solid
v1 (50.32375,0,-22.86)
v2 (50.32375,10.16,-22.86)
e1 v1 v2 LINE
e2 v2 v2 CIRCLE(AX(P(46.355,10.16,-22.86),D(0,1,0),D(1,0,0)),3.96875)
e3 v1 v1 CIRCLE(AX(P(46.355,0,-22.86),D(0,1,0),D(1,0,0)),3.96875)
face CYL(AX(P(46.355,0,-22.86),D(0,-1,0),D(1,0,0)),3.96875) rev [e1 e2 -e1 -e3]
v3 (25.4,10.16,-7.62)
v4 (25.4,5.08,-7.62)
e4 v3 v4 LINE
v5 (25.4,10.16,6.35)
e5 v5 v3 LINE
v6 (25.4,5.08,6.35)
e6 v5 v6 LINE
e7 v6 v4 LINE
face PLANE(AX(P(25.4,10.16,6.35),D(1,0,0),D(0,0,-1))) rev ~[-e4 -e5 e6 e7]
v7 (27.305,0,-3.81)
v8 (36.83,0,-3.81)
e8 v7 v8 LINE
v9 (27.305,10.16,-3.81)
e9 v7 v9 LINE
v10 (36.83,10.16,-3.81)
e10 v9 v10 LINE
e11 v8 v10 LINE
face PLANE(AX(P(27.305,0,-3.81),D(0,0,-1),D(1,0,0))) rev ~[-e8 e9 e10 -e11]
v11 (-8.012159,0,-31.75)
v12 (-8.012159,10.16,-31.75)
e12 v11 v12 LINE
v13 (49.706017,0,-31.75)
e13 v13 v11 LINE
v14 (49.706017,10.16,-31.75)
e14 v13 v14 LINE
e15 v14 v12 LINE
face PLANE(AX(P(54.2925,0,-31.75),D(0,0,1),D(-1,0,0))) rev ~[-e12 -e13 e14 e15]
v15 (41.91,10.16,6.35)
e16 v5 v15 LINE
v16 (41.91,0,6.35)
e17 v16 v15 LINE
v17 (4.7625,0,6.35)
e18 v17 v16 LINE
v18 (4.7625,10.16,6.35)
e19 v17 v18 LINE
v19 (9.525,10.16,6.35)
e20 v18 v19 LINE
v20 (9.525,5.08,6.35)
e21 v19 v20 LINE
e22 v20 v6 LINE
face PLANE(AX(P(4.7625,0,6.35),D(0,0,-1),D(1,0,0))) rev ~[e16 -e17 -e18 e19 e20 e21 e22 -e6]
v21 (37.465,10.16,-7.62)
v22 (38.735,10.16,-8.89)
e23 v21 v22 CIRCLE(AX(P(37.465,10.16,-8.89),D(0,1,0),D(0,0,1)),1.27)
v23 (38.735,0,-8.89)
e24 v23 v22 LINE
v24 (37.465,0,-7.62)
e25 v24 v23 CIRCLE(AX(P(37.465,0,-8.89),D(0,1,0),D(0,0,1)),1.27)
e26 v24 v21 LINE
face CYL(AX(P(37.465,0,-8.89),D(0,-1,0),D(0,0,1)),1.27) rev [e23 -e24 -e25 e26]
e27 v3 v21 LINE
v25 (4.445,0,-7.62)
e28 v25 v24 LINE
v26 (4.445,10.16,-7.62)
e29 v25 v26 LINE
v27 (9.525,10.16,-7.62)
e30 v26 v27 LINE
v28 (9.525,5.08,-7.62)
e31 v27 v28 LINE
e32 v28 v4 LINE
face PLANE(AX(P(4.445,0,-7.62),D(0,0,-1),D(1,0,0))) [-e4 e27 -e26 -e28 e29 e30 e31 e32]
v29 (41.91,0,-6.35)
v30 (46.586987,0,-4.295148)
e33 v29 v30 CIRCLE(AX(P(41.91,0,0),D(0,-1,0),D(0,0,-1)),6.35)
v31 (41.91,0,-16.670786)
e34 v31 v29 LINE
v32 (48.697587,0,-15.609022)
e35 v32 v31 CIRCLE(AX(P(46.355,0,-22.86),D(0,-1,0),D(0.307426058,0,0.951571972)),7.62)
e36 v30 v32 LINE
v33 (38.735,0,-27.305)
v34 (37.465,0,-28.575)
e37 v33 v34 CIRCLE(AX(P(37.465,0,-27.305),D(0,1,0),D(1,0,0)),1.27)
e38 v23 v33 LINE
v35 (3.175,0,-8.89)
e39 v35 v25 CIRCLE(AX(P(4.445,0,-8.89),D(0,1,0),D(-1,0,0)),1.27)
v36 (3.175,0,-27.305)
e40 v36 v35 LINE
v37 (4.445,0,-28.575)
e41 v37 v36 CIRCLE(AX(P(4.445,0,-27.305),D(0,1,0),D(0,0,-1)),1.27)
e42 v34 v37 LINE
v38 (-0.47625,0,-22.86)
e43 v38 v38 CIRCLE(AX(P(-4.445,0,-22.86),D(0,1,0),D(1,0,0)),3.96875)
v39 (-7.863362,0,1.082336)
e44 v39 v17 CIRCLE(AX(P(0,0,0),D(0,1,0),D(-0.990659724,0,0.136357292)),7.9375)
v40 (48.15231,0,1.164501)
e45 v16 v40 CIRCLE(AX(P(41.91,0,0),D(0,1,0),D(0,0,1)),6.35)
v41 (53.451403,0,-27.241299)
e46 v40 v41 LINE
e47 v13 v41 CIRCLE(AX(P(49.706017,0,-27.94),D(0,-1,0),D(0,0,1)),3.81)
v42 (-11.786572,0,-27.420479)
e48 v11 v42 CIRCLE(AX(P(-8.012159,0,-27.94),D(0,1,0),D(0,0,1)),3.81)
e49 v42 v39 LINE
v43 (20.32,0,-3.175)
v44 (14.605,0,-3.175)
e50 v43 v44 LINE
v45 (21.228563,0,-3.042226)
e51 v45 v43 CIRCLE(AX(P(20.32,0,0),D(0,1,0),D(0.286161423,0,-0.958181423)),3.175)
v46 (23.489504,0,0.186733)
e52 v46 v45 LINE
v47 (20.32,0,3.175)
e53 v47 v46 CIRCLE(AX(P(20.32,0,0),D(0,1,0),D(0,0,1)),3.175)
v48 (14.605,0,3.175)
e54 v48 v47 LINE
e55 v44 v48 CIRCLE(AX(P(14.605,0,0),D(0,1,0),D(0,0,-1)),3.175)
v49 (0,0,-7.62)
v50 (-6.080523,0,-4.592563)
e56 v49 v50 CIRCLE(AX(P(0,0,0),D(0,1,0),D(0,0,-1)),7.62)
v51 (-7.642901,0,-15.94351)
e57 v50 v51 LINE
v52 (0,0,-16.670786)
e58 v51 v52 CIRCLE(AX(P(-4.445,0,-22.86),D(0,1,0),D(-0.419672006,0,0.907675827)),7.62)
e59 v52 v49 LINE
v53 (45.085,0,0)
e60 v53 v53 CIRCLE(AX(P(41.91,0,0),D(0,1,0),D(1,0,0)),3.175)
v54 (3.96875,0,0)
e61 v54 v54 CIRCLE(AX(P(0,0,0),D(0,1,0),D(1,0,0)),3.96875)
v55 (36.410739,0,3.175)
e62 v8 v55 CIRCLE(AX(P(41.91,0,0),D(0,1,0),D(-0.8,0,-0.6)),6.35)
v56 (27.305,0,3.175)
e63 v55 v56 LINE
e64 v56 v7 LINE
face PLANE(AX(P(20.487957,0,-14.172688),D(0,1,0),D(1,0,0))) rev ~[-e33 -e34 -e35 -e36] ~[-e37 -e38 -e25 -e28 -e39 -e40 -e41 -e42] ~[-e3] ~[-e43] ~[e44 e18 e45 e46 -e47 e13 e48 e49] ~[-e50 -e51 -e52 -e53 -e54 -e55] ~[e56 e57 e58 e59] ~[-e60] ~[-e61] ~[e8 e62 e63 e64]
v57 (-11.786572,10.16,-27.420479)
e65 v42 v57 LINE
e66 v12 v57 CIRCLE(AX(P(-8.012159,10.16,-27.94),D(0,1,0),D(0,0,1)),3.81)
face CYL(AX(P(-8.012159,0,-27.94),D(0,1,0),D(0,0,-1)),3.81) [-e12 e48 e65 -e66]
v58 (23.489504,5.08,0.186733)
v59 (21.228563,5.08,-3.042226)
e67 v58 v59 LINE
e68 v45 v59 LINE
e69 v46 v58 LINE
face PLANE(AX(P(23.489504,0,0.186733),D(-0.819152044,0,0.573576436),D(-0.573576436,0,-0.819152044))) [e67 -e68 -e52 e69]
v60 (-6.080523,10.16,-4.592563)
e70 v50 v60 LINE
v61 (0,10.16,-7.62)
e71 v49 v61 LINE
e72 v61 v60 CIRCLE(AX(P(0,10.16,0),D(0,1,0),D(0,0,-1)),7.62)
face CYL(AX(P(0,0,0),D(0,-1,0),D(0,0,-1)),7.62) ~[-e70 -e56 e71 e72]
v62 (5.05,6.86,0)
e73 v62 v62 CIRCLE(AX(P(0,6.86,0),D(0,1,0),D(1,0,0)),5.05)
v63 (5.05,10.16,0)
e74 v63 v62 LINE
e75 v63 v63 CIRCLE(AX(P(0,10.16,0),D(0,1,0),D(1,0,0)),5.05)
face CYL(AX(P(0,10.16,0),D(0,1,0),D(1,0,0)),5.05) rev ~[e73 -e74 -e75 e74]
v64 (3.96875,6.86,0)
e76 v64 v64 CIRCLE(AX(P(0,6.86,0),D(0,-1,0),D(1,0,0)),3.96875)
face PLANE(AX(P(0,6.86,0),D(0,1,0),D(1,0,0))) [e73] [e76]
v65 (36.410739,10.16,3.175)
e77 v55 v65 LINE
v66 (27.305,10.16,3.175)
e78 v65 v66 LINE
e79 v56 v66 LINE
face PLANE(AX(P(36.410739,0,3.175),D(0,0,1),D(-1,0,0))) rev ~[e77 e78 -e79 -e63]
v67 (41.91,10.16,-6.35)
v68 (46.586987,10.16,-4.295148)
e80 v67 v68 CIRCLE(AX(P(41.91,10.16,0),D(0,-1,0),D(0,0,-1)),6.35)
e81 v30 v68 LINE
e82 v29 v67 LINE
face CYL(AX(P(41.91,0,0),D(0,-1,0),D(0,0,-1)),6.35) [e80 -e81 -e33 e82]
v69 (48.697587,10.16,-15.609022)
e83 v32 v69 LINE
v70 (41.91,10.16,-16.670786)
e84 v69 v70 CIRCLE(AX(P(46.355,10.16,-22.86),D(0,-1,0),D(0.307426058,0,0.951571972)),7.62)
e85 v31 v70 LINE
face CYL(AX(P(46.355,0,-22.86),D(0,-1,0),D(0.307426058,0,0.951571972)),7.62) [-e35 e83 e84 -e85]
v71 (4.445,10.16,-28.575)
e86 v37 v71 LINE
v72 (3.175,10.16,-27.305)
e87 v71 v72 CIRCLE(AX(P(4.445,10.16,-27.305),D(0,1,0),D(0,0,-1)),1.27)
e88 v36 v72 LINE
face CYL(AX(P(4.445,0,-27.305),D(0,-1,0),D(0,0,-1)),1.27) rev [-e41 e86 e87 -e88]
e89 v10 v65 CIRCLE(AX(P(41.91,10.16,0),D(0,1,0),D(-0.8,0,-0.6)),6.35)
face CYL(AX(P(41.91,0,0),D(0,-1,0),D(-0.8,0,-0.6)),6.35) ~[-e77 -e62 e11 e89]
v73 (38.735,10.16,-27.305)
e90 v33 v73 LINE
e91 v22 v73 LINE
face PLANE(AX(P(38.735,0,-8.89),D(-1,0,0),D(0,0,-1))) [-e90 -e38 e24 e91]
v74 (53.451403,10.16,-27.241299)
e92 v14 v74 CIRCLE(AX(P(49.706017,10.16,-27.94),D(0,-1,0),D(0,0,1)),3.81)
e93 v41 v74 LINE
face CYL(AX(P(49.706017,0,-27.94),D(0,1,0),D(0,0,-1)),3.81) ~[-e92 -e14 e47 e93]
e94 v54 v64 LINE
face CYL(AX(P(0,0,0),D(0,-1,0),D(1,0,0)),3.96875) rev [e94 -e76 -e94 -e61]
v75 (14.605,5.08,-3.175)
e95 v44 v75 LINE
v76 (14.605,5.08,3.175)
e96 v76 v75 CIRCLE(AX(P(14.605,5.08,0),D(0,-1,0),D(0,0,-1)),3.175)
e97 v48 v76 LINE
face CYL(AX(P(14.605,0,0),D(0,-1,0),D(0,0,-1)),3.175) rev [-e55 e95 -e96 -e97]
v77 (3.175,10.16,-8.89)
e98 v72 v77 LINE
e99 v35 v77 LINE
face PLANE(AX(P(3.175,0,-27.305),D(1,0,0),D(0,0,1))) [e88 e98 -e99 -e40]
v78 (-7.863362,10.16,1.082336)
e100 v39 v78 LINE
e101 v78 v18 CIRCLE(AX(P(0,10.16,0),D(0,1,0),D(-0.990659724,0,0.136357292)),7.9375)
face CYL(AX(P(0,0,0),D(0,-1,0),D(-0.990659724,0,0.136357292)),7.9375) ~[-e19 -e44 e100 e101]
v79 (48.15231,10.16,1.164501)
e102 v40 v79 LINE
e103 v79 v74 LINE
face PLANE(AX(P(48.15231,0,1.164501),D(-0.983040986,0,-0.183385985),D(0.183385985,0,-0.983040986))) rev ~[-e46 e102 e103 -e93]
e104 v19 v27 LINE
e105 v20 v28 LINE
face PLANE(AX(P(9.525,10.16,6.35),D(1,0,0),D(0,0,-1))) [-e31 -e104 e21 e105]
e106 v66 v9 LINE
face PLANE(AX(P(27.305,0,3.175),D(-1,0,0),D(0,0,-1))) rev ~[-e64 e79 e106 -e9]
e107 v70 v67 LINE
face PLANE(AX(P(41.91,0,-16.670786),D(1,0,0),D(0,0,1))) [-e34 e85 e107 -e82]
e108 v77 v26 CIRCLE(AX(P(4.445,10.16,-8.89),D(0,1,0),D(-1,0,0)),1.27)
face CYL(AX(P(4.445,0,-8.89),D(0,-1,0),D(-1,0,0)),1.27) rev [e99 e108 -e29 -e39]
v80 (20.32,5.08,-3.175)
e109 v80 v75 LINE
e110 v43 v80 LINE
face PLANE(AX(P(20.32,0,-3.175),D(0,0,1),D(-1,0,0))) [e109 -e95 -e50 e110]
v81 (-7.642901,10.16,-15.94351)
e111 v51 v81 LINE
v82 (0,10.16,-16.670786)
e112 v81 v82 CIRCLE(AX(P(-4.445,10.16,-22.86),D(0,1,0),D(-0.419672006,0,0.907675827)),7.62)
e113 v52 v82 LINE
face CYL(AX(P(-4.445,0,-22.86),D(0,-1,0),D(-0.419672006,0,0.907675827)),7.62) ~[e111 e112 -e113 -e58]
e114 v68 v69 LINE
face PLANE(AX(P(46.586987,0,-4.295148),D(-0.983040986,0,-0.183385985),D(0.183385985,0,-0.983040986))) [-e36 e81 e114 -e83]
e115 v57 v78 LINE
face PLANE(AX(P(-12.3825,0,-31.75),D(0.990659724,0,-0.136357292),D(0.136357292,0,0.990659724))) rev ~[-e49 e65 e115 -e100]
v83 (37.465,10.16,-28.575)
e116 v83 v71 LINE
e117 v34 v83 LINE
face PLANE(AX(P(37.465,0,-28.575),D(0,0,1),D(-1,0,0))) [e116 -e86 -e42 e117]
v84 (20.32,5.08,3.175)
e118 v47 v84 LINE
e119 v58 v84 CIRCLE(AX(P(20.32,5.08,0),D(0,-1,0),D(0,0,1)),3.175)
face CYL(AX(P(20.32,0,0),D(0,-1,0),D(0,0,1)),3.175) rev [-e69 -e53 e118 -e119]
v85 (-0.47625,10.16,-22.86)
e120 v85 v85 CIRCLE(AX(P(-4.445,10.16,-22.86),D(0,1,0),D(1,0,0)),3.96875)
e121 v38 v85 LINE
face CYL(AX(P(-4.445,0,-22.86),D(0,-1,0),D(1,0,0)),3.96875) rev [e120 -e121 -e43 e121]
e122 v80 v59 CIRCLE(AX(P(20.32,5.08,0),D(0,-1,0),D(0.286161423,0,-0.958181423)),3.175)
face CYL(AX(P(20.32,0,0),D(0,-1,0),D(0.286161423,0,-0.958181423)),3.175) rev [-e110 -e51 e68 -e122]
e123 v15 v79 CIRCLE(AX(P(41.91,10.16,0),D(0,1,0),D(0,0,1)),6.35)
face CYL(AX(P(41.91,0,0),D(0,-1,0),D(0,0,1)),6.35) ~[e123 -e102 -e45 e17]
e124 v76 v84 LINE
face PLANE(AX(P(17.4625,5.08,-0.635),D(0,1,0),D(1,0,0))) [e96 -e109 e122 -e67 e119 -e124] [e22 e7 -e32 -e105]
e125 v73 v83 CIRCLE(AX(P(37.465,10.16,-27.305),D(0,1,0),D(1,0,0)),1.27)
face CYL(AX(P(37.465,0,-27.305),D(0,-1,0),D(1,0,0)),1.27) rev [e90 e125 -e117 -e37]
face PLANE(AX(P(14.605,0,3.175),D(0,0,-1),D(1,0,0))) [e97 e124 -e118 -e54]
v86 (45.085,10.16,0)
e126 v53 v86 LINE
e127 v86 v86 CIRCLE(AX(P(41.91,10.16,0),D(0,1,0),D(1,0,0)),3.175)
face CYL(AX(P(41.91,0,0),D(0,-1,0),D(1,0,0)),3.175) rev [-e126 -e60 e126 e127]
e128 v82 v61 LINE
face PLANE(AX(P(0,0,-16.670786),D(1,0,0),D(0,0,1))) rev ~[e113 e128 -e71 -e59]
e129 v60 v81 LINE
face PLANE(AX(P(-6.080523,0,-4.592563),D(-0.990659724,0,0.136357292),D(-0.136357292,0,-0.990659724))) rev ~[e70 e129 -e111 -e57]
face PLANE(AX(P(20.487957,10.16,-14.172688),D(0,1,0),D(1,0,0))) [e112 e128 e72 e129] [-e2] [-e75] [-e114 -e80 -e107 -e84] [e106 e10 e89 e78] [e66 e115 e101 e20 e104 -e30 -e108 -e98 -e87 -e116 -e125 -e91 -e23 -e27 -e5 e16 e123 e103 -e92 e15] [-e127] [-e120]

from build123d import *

# Parameters (mm, degrees)
SKETCH3_R           = 3.96875
SKETCH3_R_2         = 3.175
BOSS_EXTRUDE4_DEPTH = 10.16
SKETCH5_W           = 15.875
SKETCH5_H           = 13.97
CUT_EXTRUDE3_DEPTH  = 5.08
FILLET1_R           = 3.81
SKETCH6_R           = 5.05
CUT_EXTRUDE4_DEPTH  = 3.3


with BuildPart() as part:
    # Sketch3 → Boss-Extrude4 (new body)
    with BuildSketch(Plane(origin=(0, 0, 0), x_dir=(1, 0, 0), z_dir=(0, 1, 0))):
        with BuildLine():
            Line((54.2925, 31.75), (-12.3825, 31.75))
            Line((-12.3825, 31.75), (-7.863361559, -1.082336008))
            ThreePointArc((-7.863361559, -1.082336008), (-3.056289676, -7.325503373), (4.7625, -6.35))
            Line((4.7625, -6.35), (41.91, -6.35))
            ThreePointArc((41.91, -6.35), (45.967580476, -4.884520517), (48.152310263, -1.164501002))
            Line((48.152310263, -1.164501002), (54.2925, 31.75))
        make_face()
        Circle(SKETCH3_R, mode=Mode.SUBTRACT)
        with Locations((-4.445, 22.86)):
            Circle(SKETCH3_R, mode=Mode.SUBTRACT)
        with Locations((46.355, 22.86)):
            Circle(SKETCH3_R, mode=Mode.SUBTRACT)
        with Locations((41.91, 0)):
            Circle(SKETCH3_R_2, mode=Mode.SUBTRACT)
        with BuildLine():
            Line((38.735, 8.89), (38.735, 27.305))
            ThreePointArc((38.735, 27.305), (38.363025612, 28.203025612), (37.465, 28.575))
            Line((37.465, 28.575), (4.445, 28.575))
            ThreePointArc((4.445, 28.575), (3.546974388, 28.203025612), (3.175, 27.305))
            Line((3.175, 27.305), (3.175, 8.89))
            ThreePointArc((3.175, 8.89), (3.546974388, 7.991974388), (4.445, 7.62))
            Line((4.445, 7.62), (37.465, 7.62))
            ThreePointArc((37.465, 7.62), (38.363025612, 7.991974388), (38.735, 8.89))
        make_face(mode=Mode.SUBTRACT)
        with BuildLine():
            Line((20.32, 3.175), (14.605, 3.175))
            ThreePointArc((14.605, 3.175), (11.43, 0), (14.605, -3.175))
            Line((14.605, -3.175), (20.32, -3.175))
            ThreePointArc((20.32, -3.175), (22.498043553, -2.310140965), (23.489504023, -0.186733089))
            Line((23.489504023, -0.186733089), (21.228562514, 3.04222602))
            ThreePointArc((21.228562514, 3.04222602), (20.779106407, 3.141631154), (20.32, 3.175))
        make_face(mode=Mode.SUBTRACT)
        with BuildLine():
            Line((46.58698696, 4.295147609), (48.697586564, 15.60902157))
            ThreePointArc((48.697586564, 15.60902157), (45.177345011, 15.331552037), (41.91, 16.670785591))
            Line((41.91, 16.670785591), (41.91, 6.35))
            ThreePointArc((41.91, 6.35), (44.464242812, 5.81363429), (46.58698696, 4.295147609))
        make_face(mode=Mode.SUBTRACT)
        with BuildLine():
            Line((-6.080523252, 4.592563226), (-7.642900683, 15.943510195))
            ThreePointArc((-7.642900683, 15.943510195), (-3.723164456, 15.274266453), (0, 16.670785591))
            Line((0, 16.670785591), (0, 7.62))
            ThreePointArc((0, 7.62), (-3.396252951, 6.82128037), (-6.080523252, 4.592563226))
        make_face(mode=Mode.SUBTRACT)
        with BuildLine():
            Line((36.410738686, -3.175), (27.305, -3.175))
            Line((27.305, -3.175), (27.305, 3.81))
            Line((27.305, 3.81), (36.83, 3.81))
            ThreePointArc((36.83, 3.81), (35.571407985, 0.380461907), (36.410738686, -3.175))
        make_face(mode=Mode.SUBTRACT)
    extrude(amount=BOSS_EXTRUDE4_DEPTH)

    # Sketch5 → Cut-Extrude3 (cut)
    with BuildSketch(Plane(origin=(0, 10.16, 0), x_dir=(1, 0, 0), z_dir=(0, 1, 0))):
        with Locations((17.4625, 0.635)):
            Rectangle(SKETCH5_W, SKETCH5_H)
    extrude(amount=-CUT_EXTRUDE3_DEPTH, mode=Mode.SUBTRACT)

    # Fillet1
    fillet1_edges = [part.edges().sort_by_distance(p)[0] for p in [
        (-12.3825, 5.08, -31.75),
        (54.2925, 5.08, -31.75),
    ]]
    fillet(fillet1_edges, radius=FILLET1_R)

    # Sketch6 → Cut-Extrude4 (cut)
    with BuildSketch(Plane(origin=(0, 10.16, 0), x_dir=(1, 0, 0), z_dir=(0, 1, 0))):
        Circle(SKETCH6_R)
    extrude(amount=-CUT_EXTRUDE4_DEPTH, mode=Mode.SUBTRACT)


solid = part.part
